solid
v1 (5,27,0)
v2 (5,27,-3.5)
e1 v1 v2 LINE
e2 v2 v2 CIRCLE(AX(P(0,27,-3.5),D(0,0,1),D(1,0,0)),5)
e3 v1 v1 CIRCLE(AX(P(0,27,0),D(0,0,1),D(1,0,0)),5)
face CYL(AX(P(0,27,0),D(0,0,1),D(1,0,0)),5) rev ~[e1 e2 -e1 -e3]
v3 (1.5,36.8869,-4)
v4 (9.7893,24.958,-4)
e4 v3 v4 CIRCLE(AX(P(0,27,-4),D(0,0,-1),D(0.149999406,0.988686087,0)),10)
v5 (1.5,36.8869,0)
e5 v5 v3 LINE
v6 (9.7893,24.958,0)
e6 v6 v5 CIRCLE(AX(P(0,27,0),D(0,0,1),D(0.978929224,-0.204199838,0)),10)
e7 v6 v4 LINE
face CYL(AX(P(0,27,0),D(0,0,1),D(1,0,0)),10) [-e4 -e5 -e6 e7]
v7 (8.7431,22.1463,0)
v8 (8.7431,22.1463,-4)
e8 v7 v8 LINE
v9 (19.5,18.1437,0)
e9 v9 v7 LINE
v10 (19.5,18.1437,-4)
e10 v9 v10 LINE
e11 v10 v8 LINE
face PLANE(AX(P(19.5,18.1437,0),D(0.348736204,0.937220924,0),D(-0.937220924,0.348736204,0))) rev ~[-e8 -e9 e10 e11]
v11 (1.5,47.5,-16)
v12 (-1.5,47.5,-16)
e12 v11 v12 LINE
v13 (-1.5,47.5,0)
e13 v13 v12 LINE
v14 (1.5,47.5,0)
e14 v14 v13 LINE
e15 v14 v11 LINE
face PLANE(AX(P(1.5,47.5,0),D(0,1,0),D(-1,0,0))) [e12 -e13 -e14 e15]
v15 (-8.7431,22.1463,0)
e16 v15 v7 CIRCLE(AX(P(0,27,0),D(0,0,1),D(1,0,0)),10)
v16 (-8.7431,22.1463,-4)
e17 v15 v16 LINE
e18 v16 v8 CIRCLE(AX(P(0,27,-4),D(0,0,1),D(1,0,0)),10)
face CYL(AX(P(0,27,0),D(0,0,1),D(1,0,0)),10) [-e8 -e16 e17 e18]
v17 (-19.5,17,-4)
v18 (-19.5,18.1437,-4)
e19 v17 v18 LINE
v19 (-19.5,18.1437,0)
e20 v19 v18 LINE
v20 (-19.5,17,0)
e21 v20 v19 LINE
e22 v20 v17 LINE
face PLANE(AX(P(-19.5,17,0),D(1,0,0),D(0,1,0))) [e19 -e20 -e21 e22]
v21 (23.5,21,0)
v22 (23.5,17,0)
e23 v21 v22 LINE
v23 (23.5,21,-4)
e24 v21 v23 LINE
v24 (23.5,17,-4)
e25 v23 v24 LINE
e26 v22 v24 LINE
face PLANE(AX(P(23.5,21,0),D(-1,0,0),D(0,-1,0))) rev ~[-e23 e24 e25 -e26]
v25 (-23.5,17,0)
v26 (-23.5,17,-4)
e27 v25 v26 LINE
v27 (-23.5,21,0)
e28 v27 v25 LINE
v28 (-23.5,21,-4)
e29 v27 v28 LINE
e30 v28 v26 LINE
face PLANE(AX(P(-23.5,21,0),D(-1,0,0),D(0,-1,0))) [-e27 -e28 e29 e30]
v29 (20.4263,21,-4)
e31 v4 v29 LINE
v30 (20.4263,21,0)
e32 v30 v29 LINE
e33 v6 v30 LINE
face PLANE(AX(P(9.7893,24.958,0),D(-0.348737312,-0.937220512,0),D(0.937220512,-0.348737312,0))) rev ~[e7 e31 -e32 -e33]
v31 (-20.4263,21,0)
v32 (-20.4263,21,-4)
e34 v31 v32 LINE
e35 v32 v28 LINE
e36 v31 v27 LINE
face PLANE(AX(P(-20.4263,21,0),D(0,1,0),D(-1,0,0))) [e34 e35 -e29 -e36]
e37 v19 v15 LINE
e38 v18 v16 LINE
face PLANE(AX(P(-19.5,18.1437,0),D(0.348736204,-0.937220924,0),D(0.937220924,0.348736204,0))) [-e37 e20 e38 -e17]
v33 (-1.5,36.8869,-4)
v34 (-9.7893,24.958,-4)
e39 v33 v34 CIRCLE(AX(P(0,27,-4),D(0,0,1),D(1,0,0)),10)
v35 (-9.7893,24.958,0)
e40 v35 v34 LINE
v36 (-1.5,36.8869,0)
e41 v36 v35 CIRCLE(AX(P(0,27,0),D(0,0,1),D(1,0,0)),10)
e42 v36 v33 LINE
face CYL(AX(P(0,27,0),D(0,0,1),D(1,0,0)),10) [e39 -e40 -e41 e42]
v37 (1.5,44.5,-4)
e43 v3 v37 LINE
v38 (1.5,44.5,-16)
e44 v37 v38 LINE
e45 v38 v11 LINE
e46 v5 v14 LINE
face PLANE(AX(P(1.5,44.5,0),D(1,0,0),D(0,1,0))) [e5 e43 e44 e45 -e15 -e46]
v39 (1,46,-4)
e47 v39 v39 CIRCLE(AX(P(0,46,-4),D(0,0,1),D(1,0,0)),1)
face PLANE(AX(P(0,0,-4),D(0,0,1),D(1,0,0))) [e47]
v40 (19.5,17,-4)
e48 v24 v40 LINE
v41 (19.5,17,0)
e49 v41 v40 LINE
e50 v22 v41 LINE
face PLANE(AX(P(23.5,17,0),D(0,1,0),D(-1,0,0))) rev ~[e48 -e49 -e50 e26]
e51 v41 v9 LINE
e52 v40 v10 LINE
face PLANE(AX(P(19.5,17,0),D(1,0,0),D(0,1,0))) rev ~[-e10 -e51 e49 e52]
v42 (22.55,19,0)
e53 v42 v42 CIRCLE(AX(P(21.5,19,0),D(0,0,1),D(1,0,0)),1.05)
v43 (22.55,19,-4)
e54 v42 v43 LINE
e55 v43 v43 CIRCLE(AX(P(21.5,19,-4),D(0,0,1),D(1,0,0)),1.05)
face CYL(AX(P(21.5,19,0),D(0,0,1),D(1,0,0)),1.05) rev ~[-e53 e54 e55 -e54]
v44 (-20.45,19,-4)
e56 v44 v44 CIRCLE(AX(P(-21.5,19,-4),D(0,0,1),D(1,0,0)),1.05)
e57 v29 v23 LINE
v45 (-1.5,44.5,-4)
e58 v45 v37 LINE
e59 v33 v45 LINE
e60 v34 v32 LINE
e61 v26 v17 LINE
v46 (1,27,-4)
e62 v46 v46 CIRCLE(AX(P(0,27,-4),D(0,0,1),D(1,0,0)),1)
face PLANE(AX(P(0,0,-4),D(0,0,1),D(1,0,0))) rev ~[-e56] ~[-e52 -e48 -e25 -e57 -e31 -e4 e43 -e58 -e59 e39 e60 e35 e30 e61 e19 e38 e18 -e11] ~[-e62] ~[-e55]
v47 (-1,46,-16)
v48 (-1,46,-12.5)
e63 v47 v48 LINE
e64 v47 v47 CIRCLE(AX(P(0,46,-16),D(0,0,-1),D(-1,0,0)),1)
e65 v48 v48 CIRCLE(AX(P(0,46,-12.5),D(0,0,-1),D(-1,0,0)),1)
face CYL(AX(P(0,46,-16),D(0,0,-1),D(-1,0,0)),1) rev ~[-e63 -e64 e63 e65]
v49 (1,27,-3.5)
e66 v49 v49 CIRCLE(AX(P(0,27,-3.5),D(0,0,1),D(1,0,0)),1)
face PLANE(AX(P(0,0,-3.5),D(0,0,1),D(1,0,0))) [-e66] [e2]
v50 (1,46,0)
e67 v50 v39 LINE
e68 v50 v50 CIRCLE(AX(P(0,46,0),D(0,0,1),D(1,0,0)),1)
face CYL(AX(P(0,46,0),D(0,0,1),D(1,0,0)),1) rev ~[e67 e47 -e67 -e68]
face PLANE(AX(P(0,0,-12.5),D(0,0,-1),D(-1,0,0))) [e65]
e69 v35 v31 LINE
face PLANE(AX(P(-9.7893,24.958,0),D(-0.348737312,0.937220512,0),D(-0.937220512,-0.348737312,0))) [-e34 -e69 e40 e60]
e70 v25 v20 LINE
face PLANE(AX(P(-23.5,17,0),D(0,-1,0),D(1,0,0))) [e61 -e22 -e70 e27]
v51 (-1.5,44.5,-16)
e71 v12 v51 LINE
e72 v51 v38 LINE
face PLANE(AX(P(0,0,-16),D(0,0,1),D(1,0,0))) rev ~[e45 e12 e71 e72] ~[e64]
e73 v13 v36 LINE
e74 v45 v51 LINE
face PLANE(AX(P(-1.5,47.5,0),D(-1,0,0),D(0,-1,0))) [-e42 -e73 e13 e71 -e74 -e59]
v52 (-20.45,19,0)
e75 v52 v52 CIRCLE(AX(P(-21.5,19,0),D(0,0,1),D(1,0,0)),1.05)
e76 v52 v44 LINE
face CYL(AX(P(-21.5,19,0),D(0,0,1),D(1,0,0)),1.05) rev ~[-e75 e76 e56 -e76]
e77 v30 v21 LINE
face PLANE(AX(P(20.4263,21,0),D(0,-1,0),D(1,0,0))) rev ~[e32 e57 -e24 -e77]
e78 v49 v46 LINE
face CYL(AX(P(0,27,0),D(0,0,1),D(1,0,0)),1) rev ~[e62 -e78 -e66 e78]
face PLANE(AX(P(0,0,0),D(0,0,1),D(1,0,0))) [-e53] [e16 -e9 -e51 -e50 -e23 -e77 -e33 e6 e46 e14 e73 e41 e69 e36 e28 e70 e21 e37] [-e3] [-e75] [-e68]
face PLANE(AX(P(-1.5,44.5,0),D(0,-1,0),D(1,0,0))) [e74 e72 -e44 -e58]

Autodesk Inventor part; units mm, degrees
ref_plane "YZ Plane" through (0, 0, 0) normal (1, 0, 0) x (0, 1, 0)
ref_plane "XZ Plane" through (0, 0, 0) normal (0, 1, 0) x (-1, 0, 0)
ref_plane "XY Plane" through (0, 0, 0) normal (0, 0, 1) x (1, 0, 0)
sketch "スケッチ1" plane through (0, 0, 0) normal (0, 0, 1) x (1, 0, 0)
  circle A0 centre (0, 27) radius 16 construction
  circle A1 centre (0, 46) radius 1
  line L0 (0, 60.4716) -> (0, -64.9114) construction
  circle A2 centre (0, 27) radius 15 construction
  line L1 (1.5, 47.5) -> (-1.5, 47.5)
  line L2 (-1.5, 47.5) -> (-1.5, 44.5)
  line L3 (-1.5, 44.5) -> (1.5, 44.5)
  line L4 (1.5, 44.5) -> (1.5, 47.5)
  line L5 (1.5, 44.5) -> (1.5, 42.9295)
  line L6 (-1.5, 44.5) -> (-1.5, 42.9295)
  circle A3 centre (21.5, 19) radius 1.5 construction
  circle A4 centre (-21.5, 19) radius 1.5 construction
  line L7 (0, 27) -> (21.5, 19) construction
  line L8 (0, 27) -> (-21.5, 19) construction
  circle A5 centre (0, 27) radius 10
  circle A6 centre (0, 27) radius 5
  line L9 (-1.5, 44.5) -> (-1.5, 36.8869)
  line L10 (1.5, 44.5) -> (1.5, 36.8869)
  line L11 (-22.0231, 20.4058) -> (-9.7893, 24.958) construction
  line L12 (-20.9769, 17.5942) -> (-8.7431, 22.1463) construction
  line L13 (22.0231, 20.4058) -> (9.7893, 24.958) construction
  line L14 (20.9769, 17.5942) -> (8.7431, 22.1463) construction
  circle A7 centre (0, 27) radius 1
  circle A8 centre (21.5, 19) radius 1.05
  circle A9 centre (-21.5, 19) radius 1.05
  line L15 (19.5, 21) -> (23.5, 21) construction
  line L16 (23.5, 21) -> (23.5, 17) construction
  line L17 (23.5, 17) -> (19.5, 17) construction
  line L18 (19.5, 17) -> (19.5, 21) construction
  line L19 (19.5, 21) -> (23.5, 17) construction
  line L20 (23.5, 21) -> (19.5, 17) construction
  line L21 (9.7893, 24.958) -> (20.4263, 21)
  line L22 (20.4263, 21) -> (23.5, 21)
  line L23 (23.5, 21) -> (23.5, 17)
  line L24 (23.5, 17) -> (19.5, 17)
  line L25 (19.5, 17) -> (19.5, 18.1437)
  line L26 (19.5, 18.1437) -> (8.7431, 22.1463)
  line L27 (-23.5, 17) -> (-19.5, 17) construction
  line L28 (-19.5, 17) -> (-19.5, 21) construction
  line L29 (-19.5, 21) -> (-23.5, 21) construction
  line L30 (-23.5, 21) -> (-23.5, 17) construction
  line L31 (-23.5, 17) -> (-19.5, 21) construction
  line L32 (-19.5, 17) -> (-23.5, 21) construction
  line L33 (-9.7893, 24.958) -> (-20.4263, 21)
  line L34 (-20.4263, 21) -> (-23.5, 21)
  line L35 (-23.5, 21) -> (-23.5, 17)
  line L36 (-23.5, 17) -> (-19.5, 17)
  line L37 (-19.5, 17) -> (-19.5, 18.1437)
  line L38 (-19.5, 18.1437) -> (-8.7431, 22.1463)
  line L39 (-40.2847, 27) -> (38.7153, 27) construction
  point P0 (0, 0)
  dimension "d0" = 32
  dimension "d1" = 2
  dimension "d3" = 27
  dimension "d4" = 30
  dimension "d5" = 3
  dimension "d6" = 3
  dimension "d8" = 1.5
  dimension "d15" = 20
  dimension "d16" = 10
  dimension "d20" = 2
  dimension "d29" = 27
  dimension "d30" = 27
  dimension "d32" = 3
  dimension "d33" = 3
  dimension "d35" = 2.1
  dimension "d36" = 2.1
  dimension "d40" = 4
  dimension "d41" = 4
  dimension "d42" = 4
  dimension "d43" = 4
  dimension "d48" = 19
  dimension "d49" = 1.5
  dimension "d50" = 21.5
  dimension "d51" = 21.5
extrude "押し出し1" add sketch "スケッチ1" against normal blind 16 contours A1 | L4 L3 L2 L1
extrude "押し出し3" cut sketch "スケッチ1" against normal blind 4 contours A1
sketch "スケッチ6" plane through (0, 0, 0) normal (0, 0, 1) x (1, 0, 0)
  circle A0 centre (0, 27) radius 5 projected
  circle A1 centre (0, 27) radius 5
  point P0 (0, 0)
  dimension "d23" = 10
sketch "スケッチ7" plane through (0, 0, -16) normal (0, 0, -1) x (-1, 0, 0)
  circle A0 centre (0, 46) radius 1 projected
  point P0 (0, 0)
extrude "押し出し7" cut sketch "スケッチ7" against normal blind 3.5
extrude "押し出し9" add sketch "スケッチ1" against normal blind 4 contours L5 L10 A5 L9 L6 L3 | A5 | A5 L38 L37 L36 L35 L34 L33 | L21 L22 L23 L24 L25 L26 A5 | A6
extrude "押し出し10" cut sketch "スケッチ6" against normal blind 3.5
sketch "スケッチ8" plane through (0, 0, 0) normal (0, 0, 1) x (1, 0, 0)
  circle A0 centre (0, 27) radius 5 projected
  circle A1 centre (21.5, 19) radius 1.05 projected
  circle A2 centre (-21.5, 19) radius 1.05 projected
  circle A3 centre (0, 46) radius 1 projected
  line L0 (1.5, 47.5) -> (-1.5, 47.5) projected
  line L1 (-1.5, 47.5) -> (-1.5, 36.8869) projected
  arc A4 (-1.5, 36.8869) -> (-9.7893, 24.958) centre (0, 27) ccw projected
  line L2 (-9.7893, 24.958) -> (-20.4263, 21) projected
  line L3 (-20.4263, 21) -> (-23.5, 21) projected
  line L4 (-23.5, 21) -> (-23.5, 17) projected
  line L5 (-23.5, 17) -> (-19.5, 17) projected
  line L6 (-19.5, 17) -> (-19.5, 18.1437) projected
  line L7 (-19.5, 18.1437) -> (-8.7431, 22.1463) projected
  arc A5 (-8.7431, 22.1463) -> (8.7431, 22.1463) centre (0, 27) ccw projected
  line L8 (8.7431, 22.1463) -> (19.5, 18.1437) projected
  line L9 (19.5, 18.1437) -> (19.5, 17) projected
  line L10 (19.5, 17) -> (23.5, 17) projected
  line L11 (23.5, 17) -> (23.5, 21) projected
  line L12 (23.5, 21) -> (20.4263, 21) projected
  line L13 (20.4263, 21) -> (9.7893, 24.958) projected
  arc A6 (9.7893, 24.958) -> (1.5, 36.8869) centre (0, 27) ccw projected
  line L14 (1.5, 36.8869) -> (1.5, 47.5) projected
  circle A7 centre (0, 27) radius 1 projected
  point P0 (0, 0)
equation "\"d30\" = d29"
equation "\"d33\" = d32"
equation "\"d36\" = d35"
equation "\"d41\" = d40"
equation "\"d42\" = d40"
equation "\"d43\" = d40"
equation "\"d51\" = d50"
properties part number "s_mount"
